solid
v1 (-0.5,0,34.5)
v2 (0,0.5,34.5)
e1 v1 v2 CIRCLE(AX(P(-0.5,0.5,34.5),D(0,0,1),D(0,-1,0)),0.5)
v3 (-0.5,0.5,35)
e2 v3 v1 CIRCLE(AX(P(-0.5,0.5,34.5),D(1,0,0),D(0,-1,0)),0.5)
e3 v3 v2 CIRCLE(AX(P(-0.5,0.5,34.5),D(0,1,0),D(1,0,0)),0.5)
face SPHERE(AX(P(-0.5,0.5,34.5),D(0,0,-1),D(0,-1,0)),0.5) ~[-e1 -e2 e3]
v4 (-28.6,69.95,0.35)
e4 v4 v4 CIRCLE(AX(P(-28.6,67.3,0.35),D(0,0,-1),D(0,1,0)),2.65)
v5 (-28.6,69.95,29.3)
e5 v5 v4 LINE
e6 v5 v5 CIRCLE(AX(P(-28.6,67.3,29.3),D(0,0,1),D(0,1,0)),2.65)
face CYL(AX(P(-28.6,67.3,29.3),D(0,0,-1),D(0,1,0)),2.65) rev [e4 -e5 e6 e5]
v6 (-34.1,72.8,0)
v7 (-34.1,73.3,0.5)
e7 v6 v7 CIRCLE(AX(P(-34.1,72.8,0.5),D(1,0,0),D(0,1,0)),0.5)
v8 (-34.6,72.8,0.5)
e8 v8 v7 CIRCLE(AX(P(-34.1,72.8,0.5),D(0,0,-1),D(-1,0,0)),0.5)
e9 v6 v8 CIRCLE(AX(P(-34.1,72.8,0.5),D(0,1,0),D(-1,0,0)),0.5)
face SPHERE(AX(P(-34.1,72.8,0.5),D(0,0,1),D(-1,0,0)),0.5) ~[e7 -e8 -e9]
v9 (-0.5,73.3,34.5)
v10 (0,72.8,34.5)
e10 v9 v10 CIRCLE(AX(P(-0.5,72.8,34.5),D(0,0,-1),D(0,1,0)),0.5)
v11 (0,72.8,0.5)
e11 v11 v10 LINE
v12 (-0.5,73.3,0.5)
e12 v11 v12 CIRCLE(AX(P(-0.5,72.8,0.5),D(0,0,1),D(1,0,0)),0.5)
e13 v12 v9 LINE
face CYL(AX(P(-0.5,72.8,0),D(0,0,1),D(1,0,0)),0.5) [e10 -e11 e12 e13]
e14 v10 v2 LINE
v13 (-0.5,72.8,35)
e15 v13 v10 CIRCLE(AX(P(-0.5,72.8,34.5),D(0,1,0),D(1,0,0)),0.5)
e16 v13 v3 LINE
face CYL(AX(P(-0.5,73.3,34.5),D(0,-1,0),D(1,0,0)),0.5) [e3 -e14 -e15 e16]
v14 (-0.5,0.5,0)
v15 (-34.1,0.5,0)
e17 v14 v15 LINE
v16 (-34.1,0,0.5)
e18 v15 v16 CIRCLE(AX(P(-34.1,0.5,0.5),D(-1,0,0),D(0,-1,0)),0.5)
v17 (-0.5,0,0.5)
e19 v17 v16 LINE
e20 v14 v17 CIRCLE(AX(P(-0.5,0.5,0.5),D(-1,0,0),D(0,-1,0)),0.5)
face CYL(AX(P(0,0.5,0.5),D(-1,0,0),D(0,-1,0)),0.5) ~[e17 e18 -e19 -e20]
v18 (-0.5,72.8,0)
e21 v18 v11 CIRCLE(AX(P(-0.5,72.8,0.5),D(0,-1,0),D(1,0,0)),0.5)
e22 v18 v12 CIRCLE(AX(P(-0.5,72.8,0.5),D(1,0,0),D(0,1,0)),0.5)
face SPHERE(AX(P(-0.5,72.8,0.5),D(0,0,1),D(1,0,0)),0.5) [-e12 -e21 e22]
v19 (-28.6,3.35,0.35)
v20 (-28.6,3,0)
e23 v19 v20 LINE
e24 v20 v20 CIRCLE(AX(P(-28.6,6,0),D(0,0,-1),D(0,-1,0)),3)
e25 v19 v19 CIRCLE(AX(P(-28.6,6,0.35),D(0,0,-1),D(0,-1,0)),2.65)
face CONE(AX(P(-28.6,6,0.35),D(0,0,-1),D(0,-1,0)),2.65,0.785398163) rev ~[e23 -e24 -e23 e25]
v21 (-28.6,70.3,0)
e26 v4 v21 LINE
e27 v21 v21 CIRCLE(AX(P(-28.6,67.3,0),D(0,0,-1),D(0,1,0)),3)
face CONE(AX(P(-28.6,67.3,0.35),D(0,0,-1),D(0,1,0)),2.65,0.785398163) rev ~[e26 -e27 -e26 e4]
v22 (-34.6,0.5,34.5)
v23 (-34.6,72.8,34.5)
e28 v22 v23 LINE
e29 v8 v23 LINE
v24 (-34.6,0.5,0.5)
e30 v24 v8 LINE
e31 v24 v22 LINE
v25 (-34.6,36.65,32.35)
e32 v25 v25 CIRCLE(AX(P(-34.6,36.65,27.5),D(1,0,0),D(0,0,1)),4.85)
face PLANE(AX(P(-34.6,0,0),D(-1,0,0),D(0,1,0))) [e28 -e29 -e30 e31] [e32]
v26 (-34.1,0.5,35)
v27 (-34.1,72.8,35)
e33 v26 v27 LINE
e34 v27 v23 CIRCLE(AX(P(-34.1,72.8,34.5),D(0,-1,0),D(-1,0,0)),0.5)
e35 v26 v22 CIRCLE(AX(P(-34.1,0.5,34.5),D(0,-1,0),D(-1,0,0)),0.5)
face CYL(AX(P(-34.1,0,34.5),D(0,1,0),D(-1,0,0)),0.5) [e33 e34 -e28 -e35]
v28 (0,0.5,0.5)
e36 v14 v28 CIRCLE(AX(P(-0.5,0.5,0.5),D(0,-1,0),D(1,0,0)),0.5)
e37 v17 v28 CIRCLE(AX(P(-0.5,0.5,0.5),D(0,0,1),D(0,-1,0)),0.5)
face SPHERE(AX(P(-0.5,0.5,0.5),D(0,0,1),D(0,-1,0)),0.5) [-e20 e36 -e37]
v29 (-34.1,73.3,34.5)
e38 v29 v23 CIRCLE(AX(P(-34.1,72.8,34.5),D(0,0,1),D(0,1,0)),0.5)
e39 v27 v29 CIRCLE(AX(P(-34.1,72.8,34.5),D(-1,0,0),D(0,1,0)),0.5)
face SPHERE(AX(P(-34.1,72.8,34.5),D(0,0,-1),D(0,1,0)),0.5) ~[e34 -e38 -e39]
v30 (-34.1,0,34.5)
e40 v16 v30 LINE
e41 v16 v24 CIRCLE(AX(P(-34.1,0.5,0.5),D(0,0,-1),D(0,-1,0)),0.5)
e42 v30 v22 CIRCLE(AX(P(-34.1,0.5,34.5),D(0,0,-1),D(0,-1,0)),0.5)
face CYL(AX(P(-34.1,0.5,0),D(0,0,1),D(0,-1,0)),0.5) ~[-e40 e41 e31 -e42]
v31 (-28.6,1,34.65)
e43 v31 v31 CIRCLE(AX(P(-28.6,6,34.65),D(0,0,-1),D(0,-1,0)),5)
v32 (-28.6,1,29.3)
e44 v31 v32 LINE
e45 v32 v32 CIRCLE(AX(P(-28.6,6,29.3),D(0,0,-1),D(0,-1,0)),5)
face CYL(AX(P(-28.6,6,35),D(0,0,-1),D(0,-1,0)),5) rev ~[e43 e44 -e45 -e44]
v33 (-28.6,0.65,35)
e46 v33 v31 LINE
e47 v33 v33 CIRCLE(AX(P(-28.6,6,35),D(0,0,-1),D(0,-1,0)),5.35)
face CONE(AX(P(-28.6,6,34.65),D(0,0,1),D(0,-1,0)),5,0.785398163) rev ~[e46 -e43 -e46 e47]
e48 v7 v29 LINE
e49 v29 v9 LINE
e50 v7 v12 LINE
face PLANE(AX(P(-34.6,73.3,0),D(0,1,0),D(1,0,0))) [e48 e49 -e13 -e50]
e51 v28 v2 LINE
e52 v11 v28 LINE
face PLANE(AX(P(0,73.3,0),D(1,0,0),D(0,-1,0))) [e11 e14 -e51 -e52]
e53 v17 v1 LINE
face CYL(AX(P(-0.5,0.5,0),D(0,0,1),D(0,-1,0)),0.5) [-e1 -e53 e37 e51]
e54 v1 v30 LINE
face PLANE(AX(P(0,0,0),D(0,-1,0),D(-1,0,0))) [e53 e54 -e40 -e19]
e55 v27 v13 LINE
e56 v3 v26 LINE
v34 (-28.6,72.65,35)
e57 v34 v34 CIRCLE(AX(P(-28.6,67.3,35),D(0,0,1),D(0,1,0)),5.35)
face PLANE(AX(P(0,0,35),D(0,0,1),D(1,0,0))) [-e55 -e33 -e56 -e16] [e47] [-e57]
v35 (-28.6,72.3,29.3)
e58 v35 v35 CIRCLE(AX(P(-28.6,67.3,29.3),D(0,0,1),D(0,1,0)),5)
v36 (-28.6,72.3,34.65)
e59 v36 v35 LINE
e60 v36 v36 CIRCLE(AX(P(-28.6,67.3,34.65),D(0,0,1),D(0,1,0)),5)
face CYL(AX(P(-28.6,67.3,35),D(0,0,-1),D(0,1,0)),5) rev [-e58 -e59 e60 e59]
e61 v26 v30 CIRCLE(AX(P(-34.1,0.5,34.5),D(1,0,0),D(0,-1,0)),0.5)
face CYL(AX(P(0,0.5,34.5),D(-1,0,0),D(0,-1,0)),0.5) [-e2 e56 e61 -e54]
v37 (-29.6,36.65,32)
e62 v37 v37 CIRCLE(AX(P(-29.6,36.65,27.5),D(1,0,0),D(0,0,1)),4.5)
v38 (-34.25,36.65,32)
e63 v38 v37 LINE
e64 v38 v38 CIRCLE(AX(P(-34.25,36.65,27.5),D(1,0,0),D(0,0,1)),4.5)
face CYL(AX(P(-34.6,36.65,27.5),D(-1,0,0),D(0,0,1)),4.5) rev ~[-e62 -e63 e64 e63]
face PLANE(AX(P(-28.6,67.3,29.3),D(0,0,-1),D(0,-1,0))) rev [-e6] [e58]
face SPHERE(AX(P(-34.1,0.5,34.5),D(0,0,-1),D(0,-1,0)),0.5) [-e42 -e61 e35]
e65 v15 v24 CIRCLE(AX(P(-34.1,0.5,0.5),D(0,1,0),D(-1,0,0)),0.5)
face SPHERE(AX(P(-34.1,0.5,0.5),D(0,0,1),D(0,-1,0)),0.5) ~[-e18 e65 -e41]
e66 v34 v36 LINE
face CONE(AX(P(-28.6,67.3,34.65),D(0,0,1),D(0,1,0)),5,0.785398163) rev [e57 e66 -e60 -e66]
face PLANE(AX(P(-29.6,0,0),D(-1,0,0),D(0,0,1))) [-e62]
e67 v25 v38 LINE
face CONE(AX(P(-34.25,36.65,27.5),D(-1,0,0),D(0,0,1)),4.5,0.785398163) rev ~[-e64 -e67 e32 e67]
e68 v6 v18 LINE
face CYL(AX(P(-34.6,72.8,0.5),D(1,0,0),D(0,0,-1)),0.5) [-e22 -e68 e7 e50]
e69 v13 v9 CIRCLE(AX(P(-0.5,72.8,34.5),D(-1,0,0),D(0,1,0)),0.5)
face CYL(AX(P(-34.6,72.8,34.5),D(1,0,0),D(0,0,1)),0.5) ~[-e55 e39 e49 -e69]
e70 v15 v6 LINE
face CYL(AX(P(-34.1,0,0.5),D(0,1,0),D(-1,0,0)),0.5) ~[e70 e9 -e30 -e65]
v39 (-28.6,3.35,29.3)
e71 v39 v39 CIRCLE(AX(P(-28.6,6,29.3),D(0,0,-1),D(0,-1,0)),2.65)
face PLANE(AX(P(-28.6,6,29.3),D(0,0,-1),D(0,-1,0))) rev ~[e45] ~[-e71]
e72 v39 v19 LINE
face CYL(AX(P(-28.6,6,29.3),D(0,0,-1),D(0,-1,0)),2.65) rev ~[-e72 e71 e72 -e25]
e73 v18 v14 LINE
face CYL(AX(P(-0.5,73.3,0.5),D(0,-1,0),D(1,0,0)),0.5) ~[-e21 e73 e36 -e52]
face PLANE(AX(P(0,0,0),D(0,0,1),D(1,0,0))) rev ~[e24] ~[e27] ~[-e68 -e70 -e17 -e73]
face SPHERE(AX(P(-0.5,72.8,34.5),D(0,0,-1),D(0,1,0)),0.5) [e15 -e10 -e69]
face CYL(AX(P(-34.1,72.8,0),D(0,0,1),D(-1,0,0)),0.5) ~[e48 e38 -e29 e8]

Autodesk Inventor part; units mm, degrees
ref_plane "YZ Plane" through (0, 0, 0) normal (1, 0, 0) x (0, 1, 0)
ref_plane "XZ Plane" through (0, 0, 0) normal (0, 1, 0) x (-1, 0, 0)
ref_plane "XY Plane" through (0, 0, 0) normal (0, 0, 1) x (1, 0, 0)
sketch "Sketch5" plane through (0, 0, 0) normal (0, 0, 1) x (1, 0, 0)
  line L0 (0, 0) -> (-34.6, 0)
  line L1 (-34.6, 0) -> (-34.6, 73.3)
  line L2 (-34.6, 73.3) -> (0, 73.3)
  line L3 (0, 73.3) -> (0, 0)
  dimension "d7" = 34.6
  dimension "d8" = 73.3
sketch "Sketch6" plane through (0, 0, 0) normal (0, 0, 1) x (1, 0, 0)
  point P0 (0, 0)
extrude "Extrusion3" add sketch "Sketch5" along normal blind 35
sketch "Sketch7" plane through (0, 0, 35) normal (0, 0, 1) x (1, 0, 0)
  line L0 (-34.6, 0) -> (0, 0) projected
  line L1 (-34.6, 0) -> (-34.6, 6)
  line L2 (-34.6, 73.3) -> (-34.6, 0) projected
  line L3 (-34.6, 6) -> (-28.6, 6)
  dimension "d11" = 6
  dimension "d12" = 6
hole "Hole1" at (-28.6, 6, 35) direction (0, 0, -1) diameter 5.3 end through all counterbore diameter 10 counterbore depth 5.7 clearance for "Socket Head Cap Screw ISO 4762" size "M5" standard "ISO"
ref_plane "Work Plane1" through (-34.6, 36.65, 0) normal (0, 1, 0) x (1, 0, 0)
mirror "Mirror1" about plane through (-34.6, 36.65, 0) normal (0, 1, 0) of "Hole1"
sketch "Sketch8" plane through (-34.6, 0, 0) normal (-1, 0, 0) x (0, 0, 1)
  point P0 (0, 0)
sketch "Sketch9" plane through (-34.6, 0, 0) normal (-1, 0, 0) x (0, 0, 1)
  line L0 (0, 0) -> (35, 0) projected
  line L1 (0, 0) -> (0, 36.65)
  line L2 (0, 73.3) -> (0, 0) projected
  line L3 (0, 36.65) -> (27.5, 36.65)
  circle A0 centre (27.5, 36.65) radius 4.5
  dimension "d20" = 36.65
  dimension "d21" = 27.5
  dimension "d22" = 9
extrude "Extrusion4" cut sketch "Sketch9" against normal blind 5
fillet "Fillet1" radius 0.5 12 edges at (0, 73.3, 17.5) (-34.6, 73.3, 17.5) (0, 0, 17.5) (-34.6, 0, 17.5) (-17.3, 0, 35) (-17.3, 0, 0) (0, 36.65, 0) (-34.6, 36.65, 0) (-17.3, 73.3, 0) (-17.3, 73.3, 35) (0, 36.65, 35) (-34.6, 36.65, 35)
chamfer "Chamfer1" distance 0.35 angle 45 1 edges at (-28.6, 11, 35)
chamfer "Chamfer2" distance 0.35 angle 45 1 edges at (-28.6, 62.3, 35)
chamfer "Chamfer3" distance 0.35 angle 45 2 edges at (-28.6, 8.65, 0) (-28.6, 64.65, 0)
chamfer "Chamfer4" distance 0.35 angle 45 1 edges at (-34.6, 36.65, 23)
properties part number "springHolder"
